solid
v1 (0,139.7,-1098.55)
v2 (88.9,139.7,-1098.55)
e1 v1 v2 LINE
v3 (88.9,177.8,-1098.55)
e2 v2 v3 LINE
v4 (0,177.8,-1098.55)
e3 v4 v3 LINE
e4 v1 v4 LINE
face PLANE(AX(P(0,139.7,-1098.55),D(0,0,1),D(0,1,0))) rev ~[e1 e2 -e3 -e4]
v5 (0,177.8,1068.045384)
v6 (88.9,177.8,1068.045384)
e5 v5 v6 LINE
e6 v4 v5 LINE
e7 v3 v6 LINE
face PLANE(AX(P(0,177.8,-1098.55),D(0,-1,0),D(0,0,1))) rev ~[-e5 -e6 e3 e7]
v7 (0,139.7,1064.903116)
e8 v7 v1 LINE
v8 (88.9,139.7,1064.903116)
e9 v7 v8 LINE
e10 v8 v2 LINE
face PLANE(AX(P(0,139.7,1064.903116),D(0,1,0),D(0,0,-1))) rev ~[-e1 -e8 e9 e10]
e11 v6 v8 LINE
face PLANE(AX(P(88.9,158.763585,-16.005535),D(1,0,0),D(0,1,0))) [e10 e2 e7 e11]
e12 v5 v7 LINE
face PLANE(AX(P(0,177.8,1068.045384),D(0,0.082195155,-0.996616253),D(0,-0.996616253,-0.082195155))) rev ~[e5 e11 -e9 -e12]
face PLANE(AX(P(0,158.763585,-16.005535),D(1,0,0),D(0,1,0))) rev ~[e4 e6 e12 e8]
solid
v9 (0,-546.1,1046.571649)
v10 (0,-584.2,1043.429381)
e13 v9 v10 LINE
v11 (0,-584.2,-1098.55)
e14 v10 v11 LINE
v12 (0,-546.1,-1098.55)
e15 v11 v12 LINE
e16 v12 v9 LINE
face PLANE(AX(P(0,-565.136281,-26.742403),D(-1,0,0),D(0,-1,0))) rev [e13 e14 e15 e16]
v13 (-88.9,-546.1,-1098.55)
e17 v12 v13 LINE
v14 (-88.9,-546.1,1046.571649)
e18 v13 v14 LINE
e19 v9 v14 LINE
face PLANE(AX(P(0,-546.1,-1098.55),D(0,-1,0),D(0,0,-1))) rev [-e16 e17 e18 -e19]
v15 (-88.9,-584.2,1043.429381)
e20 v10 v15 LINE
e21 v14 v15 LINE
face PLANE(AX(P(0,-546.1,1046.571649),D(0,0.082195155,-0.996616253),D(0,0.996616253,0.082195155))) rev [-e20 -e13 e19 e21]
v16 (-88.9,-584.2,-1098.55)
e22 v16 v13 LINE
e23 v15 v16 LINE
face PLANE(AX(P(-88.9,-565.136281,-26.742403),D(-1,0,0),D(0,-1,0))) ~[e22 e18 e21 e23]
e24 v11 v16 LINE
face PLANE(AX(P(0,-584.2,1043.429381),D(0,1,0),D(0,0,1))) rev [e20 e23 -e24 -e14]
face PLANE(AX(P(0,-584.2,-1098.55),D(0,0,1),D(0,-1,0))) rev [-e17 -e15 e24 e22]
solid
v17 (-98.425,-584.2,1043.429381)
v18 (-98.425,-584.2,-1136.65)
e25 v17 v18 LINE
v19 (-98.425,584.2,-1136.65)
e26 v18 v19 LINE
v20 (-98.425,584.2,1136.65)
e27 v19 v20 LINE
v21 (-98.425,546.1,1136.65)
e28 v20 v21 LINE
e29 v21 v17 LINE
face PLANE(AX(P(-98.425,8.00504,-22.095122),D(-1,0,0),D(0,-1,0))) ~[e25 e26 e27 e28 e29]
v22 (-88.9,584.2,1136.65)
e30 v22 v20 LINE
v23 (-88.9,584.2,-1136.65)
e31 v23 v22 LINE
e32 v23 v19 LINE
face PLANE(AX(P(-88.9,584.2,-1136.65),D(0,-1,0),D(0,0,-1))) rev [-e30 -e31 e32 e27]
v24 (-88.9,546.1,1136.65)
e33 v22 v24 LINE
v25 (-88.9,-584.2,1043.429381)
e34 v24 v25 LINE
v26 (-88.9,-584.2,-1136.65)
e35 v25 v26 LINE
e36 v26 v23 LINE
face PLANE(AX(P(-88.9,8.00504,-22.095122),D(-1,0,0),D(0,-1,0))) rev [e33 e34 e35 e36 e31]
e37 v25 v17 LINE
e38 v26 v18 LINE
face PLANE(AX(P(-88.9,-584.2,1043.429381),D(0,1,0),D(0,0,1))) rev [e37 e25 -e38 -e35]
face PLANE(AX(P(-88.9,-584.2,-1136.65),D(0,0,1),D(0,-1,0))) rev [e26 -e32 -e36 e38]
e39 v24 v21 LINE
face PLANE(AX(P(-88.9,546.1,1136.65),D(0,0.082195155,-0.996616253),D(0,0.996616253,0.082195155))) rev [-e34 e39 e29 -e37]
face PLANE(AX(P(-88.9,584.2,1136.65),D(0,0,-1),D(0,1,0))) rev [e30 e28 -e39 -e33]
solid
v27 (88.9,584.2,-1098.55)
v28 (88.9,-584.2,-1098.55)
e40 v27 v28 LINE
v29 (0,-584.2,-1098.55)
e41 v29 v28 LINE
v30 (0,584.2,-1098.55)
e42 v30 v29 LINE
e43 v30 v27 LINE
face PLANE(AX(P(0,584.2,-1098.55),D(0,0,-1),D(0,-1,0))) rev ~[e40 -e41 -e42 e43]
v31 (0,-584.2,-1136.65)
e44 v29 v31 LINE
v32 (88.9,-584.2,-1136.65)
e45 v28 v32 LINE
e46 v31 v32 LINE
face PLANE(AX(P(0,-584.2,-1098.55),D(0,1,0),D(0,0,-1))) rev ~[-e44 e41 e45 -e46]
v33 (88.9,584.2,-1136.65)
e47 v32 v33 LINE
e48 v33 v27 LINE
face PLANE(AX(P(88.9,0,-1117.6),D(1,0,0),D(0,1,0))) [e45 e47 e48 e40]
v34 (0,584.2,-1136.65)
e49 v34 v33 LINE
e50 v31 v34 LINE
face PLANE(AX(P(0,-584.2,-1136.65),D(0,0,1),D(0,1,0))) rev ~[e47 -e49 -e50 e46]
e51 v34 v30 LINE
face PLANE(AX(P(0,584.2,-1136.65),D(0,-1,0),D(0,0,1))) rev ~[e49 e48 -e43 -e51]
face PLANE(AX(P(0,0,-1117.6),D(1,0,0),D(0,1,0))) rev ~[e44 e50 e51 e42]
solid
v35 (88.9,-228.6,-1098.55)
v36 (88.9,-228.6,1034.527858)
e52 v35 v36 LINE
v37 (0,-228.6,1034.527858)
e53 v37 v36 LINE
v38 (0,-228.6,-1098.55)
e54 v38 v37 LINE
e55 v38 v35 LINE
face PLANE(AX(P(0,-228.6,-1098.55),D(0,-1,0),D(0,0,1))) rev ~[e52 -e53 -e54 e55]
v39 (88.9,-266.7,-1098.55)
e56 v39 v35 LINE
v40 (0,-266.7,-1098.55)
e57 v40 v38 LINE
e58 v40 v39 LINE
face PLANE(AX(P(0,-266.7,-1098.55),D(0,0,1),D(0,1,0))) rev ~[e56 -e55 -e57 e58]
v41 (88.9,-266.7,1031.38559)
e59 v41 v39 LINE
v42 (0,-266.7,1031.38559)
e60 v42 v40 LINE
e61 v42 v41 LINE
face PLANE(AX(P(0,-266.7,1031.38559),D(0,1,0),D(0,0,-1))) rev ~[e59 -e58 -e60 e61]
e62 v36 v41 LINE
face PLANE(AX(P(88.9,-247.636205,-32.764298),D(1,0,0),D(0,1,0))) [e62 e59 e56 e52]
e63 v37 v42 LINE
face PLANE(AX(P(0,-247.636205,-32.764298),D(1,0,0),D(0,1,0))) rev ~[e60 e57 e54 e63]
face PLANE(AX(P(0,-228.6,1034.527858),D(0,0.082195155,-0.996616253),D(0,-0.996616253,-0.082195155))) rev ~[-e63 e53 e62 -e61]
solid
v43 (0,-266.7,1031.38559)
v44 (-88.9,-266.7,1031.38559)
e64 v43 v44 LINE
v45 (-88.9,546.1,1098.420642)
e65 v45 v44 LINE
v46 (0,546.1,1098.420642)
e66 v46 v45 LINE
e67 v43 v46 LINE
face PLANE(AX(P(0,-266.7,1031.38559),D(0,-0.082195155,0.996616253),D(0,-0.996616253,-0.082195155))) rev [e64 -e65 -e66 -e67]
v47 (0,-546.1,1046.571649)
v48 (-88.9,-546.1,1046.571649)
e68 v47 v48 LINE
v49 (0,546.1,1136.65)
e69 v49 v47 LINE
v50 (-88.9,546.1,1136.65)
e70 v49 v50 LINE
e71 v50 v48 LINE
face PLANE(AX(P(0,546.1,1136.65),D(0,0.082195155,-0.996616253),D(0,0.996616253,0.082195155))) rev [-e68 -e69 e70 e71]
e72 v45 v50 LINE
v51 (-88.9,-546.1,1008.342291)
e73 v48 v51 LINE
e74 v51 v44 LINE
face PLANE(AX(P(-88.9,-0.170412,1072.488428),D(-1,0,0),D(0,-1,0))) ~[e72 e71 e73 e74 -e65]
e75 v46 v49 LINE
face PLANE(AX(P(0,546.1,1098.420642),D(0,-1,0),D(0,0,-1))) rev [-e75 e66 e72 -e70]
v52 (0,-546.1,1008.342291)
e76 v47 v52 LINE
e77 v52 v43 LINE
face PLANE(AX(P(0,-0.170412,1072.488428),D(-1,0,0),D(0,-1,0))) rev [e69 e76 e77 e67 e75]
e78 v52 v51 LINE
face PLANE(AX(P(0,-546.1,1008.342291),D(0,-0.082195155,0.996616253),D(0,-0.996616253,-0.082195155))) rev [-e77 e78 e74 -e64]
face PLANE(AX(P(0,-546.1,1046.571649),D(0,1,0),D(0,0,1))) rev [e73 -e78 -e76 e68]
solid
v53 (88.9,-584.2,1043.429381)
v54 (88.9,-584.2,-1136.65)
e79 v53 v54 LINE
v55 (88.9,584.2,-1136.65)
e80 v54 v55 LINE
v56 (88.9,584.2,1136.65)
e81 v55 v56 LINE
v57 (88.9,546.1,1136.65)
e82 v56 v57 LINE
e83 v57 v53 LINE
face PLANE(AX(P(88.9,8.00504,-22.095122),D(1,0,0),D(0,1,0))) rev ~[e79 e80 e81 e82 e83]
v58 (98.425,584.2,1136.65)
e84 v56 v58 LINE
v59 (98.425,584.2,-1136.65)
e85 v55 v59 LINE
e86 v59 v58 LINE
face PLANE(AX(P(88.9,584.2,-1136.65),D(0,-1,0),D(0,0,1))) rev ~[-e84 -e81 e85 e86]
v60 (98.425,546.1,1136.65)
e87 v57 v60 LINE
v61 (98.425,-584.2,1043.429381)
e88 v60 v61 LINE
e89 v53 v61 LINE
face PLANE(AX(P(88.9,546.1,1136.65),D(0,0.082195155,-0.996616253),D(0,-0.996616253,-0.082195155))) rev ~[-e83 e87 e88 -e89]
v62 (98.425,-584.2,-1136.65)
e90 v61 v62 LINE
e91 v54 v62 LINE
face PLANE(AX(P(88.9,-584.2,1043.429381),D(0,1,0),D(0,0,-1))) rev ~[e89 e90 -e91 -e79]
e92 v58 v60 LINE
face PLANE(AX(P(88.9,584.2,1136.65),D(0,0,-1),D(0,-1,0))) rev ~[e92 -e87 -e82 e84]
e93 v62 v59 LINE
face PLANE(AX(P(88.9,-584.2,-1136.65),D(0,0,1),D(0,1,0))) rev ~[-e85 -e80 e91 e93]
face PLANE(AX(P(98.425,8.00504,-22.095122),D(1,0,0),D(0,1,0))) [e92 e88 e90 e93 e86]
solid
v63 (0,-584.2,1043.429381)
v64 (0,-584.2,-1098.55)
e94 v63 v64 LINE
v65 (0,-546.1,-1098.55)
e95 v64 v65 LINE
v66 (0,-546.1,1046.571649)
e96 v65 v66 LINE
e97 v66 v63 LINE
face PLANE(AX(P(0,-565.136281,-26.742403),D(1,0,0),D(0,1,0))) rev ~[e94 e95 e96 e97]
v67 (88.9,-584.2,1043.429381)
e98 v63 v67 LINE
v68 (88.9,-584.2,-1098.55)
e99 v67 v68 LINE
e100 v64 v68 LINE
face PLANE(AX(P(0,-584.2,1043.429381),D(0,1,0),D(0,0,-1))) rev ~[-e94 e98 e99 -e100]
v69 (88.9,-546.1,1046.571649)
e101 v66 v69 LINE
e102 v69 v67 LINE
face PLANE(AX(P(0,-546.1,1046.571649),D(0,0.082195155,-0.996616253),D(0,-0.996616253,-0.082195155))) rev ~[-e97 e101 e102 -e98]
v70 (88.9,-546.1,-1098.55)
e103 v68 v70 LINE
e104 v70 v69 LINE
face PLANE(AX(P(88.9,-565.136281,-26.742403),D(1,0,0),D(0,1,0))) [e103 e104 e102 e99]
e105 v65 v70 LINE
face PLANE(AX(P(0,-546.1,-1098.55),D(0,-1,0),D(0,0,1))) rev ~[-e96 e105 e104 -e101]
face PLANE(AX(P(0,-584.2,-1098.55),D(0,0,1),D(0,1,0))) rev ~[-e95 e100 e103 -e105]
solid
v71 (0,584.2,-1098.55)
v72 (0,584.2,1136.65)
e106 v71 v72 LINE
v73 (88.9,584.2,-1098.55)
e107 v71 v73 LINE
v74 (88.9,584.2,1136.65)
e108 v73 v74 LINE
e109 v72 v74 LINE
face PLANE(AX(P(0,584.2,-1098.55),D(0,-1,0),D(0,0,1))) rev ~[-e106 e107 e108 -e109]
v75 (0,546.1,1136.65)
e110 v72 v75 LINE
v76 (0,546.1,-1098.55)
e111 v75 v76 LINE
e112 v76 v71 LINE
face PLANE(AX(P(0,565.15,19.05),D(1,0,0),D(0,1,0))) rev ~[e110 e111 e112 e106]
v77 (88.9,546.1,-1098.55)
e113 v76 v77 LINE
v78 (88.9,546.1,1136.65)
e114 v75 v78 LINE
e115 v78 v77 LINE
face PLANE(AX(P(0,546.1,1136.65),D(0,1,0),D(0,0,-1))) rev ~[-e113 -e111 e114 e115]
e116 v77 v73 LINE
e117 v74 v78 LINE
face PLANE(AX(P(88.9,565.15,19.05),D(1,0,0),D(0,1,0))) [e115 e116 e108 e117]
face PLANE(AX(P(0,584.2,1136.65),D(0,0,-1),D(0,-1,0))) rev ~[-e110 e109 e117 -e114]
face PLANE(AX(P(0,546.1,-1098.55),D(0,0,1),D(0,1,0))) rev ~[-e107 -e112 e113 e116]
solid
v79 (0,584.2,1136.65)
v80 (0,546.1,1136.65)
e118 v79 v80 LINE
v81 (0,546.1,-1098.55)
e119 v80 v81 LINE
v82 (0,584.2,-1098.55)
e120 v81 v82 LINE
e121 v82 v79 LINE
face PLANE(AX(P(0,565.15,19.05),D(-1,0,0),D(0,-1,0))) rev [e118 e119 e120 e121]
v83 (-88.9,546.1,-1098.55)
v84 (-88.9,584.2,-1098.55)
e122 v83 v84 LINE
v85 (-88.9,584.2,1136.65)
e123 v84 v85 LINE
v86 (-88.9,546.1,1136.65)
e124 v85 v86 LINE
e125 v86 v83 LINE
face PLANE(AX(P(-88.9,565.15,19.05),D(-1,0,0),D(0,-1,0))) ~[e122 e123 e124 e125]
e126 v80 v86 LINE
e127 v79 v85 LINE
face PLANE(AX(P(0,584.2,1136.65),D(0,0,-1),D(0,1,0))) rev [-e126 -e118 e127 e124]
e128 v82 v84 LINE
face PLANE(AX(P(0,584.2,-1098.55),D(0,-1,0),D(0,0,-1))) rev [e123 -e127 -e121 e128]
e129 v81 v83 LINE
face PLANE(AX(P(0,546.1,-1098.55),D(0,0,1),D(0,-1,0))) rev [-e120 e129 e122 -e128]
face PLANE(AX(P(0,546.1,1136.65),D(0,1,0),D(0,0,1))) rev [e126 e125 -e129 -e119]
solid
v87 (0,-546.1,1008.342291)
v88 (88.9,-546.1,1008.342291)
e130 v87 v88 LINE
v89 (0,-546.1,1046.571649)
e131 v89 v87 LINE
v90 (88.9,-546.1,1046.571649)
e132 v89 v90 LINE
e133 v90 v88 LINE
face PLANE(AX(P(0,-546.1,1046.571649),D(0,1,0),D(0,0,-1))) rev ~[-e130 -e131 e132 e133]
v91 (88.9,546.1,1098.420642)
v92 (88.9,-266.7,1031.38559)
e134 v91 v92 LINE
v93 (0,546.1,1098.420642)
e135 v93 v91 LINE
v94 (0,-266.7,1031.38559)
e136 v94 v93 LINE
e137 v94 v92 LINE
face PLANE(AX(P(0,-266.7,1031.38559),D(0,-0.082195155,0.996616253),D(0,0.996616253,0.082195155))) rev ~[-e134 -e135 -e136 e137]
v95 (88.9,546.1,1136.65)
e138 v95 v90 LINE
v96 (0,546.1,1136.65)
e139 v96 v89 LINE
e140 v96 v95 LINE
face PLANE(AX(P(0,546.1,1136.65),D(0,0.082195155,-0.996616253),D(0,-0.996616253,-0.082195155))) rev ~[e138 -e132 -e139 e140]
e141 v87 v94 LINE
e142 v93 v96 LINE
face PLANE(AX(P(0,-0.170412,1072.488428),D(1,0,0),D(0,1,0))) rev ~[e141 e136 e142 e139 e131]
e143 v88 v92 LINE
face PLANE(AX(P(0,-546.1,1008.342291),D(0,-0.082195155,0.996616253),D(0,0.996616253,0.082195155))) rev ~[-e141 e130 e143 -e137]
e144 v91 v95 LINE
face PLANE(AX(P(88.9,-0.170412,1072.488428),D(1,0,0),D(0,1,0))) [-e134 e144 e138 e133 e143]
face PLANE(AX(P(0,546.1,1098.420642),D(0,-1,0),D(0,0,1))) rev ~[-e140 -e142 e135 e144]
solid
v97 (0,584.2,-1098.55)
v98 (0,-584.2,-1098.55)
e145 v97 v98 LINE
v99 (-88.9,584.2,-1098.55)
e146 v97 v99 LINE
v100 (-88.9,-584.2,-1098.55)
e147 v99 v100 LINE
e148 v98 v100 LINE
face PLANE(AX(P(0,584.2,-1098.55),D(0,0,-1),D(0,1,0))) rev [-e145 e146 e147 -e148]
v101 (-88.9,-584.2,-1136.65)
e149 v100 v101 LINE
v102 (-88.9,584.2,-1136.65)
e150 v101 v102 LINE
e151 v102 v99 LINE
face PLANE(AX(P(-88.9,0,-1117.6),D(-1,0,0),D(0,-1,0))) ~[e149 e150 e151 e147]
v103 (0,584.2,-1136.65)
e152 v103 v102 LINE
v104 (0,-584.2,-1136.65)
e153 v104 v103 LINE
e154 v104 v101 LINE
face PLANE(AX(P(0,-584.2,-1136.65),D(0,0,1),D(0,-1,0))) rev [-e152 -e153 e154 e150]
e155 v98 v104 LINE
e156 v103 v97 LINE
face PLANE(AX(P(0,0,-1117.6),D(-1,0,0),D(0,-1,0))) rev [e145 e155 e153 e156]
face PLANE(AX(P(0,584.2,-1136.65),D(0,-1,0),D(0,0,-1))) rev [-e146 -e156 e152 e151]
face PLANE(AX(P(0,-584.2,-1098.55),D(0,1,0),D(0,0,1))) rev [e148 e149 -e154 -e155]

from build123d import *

# Parameters (mm, degrees)
F1_DEPTH = 88.9
F2_DEPTH = 88.9
F4_DEPTH = 9.525


with BuildPart() as f1:
    # F0 (on Right) → F1 (new body)
    with BuildSketch(Plane.YZ):
        Polygon((-584.2, 1043.4293814433), (-584.2, -1098.55), (-546.1, -1098.55), (-546.1, 1008.3422910222), (-546.1, 1046.5716494845), align=None)
    extrude(amount=F1_DEPTH)


with BuildPart() as f1b:
    # F0 (on Right) → F1, piece 2 (new body)
    with BuildSketch(Plane.YZ):
        Polygon((546.1, -1098.55), (584.2, -1098.55), (584.2, 1136.65), (546.1, 1136.65), (546.1, 1098.4206415376), align=None)
    extrude(amount=F1_DEPTH)


with BuildPart() as f1c:
    # F0 (on Right) → F1, piece 3 (new body)
    with BuildSketch(Plane.YZ):
        Polygon((139.7, -1098.55), (177.8, -1098.55), (177.8, 1068.0453838057), (139.7, 1064.9031157645), align=None)
    extrude(amount=F1_DEPTH)


with BuildPart() as f1d:
    # F0 (on Right) → F1, piece 4 (new body)
    with BuildSketch(Plane.YZ):
        Polygon((-266.7, 1031.3855899913), (-266.7, -1098.55), (-228.6, -1098.55), (-228.6, 1034.5278580325), align=None)
    extrude(amount=F1_DEPTH)


with BuildPart() as f2:
    # F0 (on Right) → F2 (new body)
    with BuildSketch(Plane.YZ):
        Polygon((177.8, 1068.0453838057), (546.1, 1098.4206415376), (546.1, 1136.65), (-546.1, 1046.5716494845), (-546.1, 1008.3422910222), (-266.7, 1031.3855899913), (-266.7, 1034.5278580325), (-228.6, 1034.5278580325), (139.7, 1064.9031157645), (139.7, 1068.0453838057), align=None)
        Polygon((139.7, 1064.9031157645), (177.8, 1068.0453838057), (139.7, 1068.0453838057), align=None)
        Polygon((-266.7, 1034.5278580325), (-266.7, 1031.3855899913), (-228.6, 1034.5278580325), align=None)
    extrude(amount=F2_DEPTH)


with BuildPart() as f2b:
    # F0 (on Right) → F2, piece 2 (new body)
    with BuildSketch(Plane.YZ):
        Polygon((-584.2, -1136.65), (584.2, -1136.65), (584.2, -1098.55), (546.1, -1098.55), (177.8, -1098.55), (139.7, -1098.55), (-228.6, -1098.55), (-266.7, -1098.55), (-546.1, -1098.55), (-584.2, -1098.55), align=None)
    extrude(amount=F2_DEPTH)


with BuildPart() as f4:
    # F3 (on face) → F4 (new body)
    with BuildSketch(Plane.YZ.offset(88.9)):
        Polygon((584.2, 1136.65), (546.1, 1136.65), (-584.2, 1043.4293814433), (-584.2, -1136.65), (584.2, -1136.65), align=None)
    extrude(amount=F4_DEPTH)


with BuildPart() as f5_1:
    # F5: instance of F1b
    add(f1b.part.mirror(Plane.YZ))


with BuildPart() as f5_2:
    # F5: instance of F1
    add(f1.part.mirror(Plane.YZ))


with BuildPart() as f5_3:
    # F5: instance of F2b
    add(f2b.part.mirror(Plane.YZ))


with BuildPart() as f5_4:
    # F5: instance of F2
    add(f2.part.mirror(Plane.YZ))


with BuildPart() as f5_5:
    # F5: instance of F4
    add(f4.part.mirror(Plane.YZ))


solid = Compound([f1.part, f1b.part, f1c.part, f1d.part, f2.part, f2b.part, f4.part, f5_1.part, f5_2.part, f5_3.part, f5_4.part, f5_5.part])
